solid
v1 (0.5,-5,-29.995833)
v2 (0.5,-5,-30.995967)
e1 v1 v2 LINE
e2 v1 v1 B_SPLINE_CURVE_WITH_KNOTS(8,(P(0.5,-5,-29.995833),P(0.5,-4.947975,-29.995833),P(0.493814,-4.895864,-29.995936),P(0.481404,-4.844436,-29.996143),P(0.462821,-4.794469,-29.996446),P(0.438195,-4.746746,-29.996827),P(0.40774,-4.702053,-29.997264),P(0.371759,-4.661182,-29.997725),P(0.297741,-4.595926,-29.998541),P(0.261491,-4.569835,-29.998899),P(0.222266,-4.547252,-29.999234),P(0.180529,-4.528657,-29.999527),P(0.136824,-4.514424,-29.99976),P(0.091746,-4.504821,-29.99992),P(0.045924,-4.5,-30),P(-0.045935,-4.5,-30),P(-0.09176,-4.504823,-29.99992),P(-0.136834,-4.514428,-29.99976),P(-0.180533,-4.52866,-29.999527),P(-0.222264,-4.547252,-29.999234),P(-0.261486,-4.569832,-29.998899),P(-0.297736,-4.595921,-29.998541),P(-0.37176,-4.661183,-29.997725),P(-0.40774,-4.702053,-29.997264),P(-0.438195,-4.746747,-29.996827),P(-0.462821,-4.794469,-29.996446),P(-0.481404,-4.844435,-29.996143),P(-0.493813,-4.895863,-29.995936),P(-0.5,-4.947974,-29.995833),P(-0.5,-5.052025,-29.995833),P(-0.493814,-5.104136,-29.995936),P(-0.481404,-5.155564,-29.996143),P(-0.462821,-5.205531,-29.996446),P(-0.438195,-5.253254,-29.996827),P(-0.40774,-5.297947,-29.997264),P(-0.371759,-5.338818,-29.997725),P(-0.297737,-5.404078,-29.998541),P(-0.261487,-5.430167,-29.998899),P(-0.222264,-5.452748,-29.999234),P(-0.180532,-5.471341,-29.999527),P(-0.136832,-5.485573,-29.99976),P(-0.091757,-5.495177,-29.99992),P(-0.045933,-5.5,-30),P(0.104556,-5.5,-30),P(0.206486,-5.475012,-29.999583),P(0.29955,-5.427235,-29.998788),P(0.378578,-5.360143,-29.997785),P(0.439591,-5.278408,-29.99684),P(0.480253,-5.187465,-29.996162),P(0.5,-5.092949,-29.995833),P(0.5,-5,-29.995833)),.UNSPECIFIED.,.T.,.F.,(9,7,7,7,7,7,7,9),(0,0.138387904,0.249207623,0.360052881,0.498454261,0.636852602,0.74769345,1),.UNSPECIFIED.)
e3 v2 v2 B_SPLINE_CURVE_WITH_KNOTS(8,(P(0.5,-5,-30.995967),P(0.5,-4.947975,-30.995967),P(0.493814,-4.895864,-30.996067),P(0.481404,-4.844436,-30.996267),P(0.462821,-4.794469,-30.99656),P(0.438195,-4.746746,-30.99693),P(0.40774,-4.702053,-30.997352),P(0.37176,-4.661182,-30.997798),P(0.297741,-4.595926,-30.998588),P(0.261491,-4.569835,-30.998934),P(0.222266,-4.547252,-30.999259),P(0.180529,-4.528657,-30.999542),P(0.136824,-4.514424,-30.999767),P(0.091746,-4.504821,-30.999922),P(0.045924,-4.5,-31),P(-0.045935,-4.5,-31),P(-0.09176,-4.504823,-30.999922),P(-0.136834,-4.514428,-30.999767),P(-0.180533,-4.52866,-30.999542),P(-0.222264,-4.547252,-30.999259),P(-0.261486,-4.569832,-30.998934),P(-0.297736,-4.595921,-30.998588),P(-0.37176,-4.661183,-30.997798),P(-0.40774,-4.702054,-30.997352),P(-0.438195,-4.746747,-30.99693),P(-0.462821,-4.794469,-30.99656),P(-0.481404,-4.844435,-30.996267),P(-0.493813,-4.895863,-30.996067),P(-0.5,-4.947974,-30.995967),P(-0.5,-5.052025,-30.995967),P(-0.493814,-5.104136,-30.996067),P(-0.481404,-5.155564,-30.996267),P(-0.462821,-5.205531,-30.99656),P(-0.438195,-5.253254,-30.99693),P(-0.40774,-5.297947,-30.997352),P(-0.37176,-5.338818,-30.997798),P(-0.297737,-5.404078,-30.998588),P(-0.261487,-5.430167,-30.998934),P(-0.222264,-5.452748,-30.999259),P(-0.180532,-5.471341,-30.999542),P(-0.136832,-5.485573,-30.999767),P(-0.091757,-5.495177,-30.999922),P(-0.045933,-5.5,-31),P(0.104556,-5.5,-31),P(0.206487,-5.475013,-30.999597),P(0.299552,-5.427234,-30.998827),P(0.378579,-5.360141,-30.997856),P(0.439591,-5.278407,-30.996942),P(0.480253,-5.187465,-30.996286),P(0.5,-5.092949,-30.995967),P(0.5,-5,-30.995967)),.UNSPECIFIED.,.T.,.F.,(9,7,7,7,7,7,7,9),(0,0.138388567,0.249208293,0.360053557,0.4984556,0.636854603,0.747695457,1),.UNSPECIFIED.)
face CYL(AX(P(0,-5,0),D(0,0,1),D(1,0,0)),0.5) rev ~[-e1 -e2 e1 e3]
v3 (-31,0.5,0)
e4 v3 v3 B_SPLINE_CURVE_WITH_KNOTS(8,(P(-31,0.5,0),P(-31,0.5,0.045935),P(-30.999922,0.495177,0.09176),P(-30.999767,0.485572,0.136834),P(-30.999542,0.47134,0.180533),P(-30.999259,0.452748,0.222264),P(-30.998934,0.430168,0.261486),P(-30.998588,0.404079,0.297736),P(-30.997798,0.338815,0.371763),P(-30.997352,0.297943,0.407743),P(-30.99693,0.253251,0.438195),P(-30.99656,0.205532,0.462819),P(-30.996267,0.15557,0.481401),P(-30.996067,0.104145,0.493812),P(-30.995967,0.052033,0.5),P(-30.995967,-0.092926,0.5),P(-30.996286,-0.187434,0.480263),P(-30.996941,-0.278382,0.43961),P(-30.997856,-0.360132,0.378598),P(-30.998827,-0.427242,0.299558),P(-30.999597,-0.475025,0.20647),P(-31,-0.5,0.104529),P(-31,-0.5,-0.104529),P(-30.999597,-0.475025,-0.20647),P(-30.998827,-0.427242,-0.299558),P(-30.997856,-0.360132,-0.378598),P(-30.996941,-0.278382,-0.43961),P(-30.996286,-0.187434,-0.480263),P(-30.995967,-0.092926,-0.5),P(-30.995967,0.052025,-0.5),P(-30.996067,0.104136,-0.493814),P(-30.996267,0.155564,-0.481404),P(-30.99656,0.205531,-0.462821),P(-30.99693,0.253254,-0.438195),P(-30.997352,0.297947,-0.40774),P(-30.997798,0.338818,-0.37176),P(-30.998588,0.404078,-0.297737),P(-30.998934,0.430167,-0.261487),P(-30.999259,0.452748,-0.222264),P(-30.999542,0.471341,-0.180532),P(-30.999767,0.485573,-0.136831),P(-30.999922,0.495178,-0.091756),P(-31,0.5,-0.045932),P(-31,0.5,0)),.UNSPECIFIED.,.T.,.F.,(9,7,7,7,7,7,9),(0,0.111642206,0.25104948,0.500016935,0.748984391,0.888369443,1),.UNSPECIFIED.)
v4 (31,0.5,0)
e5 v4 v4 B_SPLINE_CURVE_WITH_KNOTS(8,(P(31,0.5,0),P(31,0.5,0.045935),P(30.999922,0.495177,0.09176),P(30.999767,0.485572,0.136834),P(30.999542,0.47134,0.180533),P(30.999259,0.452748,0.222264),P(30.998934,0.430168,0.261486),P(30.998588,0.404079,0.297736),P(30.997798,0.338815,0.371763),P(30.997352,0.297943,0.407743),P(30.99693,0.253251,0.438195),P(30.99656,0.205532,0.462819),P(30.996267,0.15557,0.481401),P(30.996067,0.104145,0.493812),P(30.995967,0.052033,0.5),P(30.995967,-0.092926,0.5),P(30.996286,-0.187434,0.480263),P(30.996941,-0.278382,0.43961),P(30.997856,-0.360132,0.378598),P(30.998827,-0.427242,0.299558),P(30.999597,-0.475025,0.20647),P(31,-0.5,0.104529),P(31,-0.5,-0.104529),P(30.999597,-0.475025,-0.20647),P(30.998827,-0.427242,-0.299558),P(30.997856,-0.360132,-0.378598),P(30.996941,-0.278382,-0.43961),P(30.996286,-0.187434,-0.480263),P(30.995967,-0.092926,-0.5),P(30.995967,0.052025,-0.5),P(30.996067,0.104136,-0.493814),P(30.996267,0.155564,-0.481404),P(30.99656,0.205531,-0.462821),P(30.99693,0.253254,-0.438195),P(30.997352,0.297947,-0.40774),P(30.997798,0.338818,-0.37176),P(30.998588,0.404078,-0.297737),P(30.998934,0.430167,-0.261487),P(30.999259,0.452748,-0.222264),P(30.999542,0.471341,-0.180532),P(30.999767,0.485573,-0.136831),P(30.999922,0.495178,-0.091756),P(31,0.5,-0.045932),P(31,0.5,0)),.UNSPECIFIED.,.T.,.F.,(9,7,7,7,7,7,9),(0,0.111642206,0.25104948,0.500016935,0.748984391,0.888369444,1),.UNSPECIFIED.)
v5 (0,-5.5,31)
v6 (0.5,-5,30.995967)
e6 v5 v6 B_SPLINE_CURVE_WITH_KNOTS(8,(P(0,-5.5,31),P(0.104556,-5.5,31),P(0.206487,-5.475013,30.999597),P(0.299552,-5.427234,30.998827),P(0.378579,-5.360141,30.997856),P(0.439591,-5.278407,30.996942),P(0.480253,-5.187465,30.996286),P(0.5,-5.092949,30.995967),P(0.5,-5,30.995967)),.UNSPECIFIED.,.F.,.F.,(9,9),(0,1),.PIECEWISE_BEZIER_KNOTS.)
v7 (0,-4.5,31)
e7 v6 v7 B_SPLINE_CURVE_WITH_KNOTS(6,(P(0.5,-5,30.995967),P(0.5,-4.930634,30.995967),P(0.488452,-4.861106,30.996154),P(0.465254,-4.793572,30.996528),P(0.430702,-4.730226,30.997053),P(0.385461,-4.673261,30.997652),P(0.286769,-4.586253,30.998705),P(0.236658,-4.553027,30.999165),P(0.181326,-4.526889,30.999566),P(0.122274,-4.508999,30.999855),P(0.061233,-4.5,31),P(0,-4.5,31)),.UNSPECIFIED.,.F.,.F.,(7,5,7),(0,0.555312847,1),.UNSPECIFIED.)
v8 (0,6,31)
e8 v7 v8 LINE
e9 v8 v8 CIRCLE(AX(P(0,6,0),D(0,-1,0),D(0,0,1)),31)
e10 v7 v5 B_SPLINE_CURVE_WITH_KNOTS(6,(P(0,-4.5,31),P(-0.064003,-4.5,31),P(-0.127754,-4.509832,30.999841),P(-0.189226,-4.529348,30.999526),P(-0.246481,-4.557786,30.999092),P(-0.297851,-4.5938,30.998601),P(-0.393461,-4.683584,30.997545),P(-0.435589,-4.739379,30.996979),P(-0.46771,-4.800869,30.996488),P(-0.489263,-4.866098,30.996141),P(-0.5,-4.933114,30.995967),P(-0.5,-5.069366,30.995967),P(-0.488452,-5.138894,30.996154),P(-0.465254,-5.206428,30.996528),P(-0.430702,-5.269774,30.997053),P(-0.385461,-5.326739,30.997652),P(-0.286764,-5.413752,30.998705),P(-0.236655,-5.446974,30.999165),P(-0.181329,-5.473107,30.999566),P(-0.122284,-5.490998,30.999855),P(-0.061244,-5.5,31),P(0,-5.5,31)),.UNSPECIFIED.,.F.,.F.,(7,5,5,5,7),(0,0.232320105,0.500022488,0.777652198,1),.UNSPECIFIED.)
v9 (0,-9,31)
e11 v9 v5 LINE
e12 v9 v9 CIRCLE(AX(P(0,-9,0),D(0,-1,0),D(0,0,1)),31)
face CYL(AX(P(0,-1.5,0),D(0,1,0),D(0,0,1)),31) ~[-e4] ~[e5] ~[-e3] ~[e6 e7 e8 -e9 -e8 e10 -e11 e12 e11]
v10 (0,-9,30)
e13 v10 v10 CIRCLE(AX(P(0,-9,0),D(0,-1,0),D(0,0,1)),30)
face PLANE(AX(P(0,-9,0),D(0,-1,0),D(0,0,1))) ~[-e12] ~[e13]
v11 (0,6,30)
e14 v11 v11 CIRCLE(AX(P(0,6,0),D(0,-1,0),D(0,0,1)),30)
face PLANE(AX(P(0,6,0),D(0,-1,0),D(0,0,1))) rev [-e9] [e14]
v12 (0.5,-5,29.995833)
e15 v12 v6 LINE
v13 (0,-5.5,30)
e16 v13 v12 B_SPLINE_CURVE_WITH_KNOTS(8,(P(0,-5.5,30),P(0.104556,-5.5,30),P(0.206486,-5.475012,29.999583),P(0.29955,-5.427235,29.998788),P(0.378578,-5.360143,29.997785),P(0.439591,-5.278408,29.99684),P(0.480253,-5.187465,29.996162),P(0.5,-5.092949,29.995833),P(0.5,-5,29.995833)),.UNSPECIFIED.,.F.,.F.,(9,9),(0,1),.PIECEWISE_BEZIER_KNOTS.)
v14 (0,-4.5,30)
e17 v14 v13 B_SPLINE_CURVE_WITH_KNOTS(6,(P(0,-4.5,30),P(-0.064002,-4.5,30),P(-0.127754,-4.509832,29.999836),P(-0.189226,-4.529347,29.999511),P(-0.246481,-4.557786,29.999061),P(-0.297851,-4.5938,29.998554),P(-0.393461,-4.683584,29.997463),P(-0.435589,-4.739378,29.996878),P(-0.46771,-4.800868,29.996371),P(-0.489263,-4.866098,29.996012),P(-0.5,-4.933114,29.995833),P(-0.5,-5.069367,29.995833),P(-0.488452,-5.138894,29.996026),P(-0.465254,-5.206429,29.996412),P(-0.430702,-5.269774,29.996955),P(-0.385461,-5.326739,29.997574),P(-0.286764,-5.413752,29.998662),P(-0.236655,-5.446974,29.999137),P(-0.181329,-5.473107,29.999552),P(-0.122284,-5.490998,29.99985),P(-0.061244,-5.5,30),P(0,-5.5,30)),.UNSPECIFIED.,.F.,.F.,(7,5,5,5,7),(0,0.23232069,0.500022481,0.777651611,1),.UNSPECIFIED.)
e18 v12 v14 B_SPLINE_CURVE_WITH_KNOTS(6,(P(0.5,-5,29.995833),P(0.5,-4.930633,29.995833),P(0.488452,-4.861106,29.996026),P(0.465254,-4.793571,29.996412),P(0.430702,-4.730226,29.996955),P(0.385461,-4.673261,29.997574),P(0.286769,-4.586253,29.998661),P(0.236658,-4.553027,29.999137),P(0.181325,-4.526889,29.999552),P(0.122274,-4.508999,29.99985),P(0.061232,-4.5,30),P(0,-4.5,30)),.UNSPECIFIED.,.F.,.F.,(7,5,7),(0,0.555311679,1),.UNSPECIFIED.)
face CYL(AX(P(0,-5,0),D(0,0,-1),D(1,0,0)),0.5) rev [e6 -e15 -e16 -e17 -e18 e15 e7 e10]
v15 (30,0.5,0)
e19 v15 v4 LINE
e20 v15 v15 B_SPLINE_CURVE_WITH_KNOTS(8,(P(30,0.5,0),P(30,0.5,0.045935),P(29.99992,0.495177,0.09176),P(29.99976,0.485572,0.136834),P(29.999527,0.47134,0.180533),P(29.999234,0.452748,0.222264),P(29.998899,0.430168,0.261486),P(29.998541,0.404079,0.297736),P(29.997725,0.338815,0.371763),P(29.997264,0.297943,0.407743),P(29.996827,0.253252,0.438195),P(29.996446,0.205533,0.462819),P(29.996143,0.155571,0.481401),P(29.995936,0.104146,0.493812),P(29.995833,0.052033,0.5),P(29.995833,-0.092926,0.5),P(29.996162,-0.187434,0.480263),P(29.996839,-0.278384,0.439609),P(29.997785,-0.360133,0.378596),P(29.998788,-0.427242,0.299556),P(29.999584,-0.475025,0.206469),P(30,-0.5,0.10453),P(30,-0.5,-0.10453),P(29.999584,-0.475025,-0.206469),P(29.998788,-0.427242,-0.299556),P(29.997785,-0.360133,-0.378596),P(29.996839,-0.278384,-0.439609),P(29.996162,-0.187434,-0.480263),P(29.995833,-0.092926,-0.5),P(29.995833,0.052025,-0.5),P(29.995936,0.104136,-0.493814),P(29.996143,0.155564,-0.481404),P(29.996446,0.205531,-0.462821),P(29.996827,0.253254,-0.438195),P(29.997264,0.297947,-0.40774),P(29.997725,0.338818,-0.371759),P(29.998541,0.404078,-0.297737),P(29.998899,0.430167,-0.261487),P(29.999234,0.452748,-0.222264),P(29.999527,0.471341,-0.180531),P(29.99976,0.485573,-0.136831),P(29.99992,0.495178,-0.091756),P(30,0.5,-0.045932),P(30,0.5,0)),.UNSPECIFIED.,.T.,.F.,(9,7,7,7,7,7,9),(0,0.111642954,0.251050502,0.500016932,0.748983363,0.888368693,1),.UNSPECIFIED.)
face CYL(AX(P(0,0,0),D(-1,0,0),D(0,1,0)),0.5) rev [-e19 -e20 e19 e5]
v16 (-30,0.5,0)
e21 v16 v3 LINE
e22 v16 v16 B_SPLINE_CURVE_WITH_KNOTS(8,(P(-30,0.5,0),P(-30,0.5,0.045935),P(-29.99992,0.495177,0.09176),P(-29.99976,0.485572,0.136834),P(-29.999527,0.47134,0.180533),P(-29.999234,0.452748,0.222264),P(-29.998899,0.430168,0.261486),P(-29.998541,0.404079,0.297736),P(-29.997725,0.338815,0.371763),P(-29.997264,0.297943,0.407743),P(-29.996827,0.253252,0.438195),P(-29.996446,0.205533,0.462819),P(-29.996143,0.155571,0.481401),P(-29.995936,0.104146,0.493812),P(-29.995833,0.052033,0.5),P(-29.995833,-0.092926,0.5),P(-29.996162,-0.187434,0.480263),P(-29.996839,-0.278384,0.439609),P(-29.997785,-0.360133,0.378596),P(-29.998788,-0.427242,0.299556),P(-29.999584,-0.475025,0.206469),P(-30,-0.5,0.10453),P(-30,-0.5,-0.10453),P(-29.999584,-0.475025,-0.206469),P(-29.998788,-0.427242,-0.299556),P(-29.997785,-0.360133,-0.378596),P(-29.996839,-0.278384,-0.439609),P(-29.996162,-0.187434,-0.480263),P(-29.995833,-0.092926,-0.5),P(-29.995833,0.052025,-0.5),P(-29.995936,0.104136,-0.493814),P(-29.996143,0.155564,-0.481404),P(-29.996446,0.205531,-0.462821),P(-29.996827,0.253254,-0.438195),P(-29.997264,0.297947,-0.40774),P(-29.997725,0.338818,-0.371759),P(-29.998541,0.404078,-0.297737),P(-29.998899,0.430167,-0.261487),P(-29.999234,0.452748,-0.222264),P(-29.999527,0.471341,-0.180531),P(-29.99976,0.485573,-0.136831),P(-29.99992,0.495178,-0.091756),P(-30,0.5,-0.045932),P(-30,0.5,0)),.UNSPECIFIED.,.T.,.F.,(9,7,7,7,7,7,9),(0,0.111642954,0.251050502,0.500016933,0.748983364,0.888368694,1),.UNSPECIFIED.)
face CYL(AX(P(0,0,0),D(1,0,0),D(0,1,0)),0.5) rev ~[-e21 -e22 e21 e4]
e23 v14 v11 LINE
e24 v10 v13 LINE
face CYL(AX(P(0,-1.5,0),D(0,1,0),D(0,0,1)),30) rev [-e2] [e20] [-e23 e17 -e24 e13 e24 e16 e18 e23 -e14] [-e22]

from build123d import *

# Parameters (mm, degrees)
F0_W          = 15
F0_H          = 1
F2_R          = 0.5
F3_DEPTH      = 31.001
F3_DEPTH_BACK = 31.001
F4_R          = 0.5
F5_DEPTH      = 31.0010001
F5_DEPTH_BACK = 31.0010001


with BuildPart() as f1:
    # F0 (on Right) → F1 (revolve)
    with BuildSketch(Plane.YZ):
        with Locations((-1.5, 30.5)):
            Rectangle(F0_W, F0_H)
    revolve(axis=Axis((0, 3, 0), (0, -1, 0)))

    # F2 (on Right) → F3 (cut, two sides)
    with BuildSketch(Plane.YZ) as f3_sk:
        Circle(F2_R)
    extrude(amount=-F3_DEPTH, mode=Mode.SUBTRACT)
    extrude(f3_sk.sketch, amount=F3_DEPTH_BACK, mode=Mode.SUBTRACT)

    # F4 (on Top) → F5 (cut, two sides)
    with BuildSketch(Plane.XY) as f5_sk:
        with Locations((0, -5)):
            Circle(F4_R)
    extrude(amount=-F5_DEPTH, mode=Mode.SUBTRACT)
    extrude(f5_sk.sketch, amount=F5_DEPTH_BACK, mode=Mode.SUBTRACT)


solid = f1.part
